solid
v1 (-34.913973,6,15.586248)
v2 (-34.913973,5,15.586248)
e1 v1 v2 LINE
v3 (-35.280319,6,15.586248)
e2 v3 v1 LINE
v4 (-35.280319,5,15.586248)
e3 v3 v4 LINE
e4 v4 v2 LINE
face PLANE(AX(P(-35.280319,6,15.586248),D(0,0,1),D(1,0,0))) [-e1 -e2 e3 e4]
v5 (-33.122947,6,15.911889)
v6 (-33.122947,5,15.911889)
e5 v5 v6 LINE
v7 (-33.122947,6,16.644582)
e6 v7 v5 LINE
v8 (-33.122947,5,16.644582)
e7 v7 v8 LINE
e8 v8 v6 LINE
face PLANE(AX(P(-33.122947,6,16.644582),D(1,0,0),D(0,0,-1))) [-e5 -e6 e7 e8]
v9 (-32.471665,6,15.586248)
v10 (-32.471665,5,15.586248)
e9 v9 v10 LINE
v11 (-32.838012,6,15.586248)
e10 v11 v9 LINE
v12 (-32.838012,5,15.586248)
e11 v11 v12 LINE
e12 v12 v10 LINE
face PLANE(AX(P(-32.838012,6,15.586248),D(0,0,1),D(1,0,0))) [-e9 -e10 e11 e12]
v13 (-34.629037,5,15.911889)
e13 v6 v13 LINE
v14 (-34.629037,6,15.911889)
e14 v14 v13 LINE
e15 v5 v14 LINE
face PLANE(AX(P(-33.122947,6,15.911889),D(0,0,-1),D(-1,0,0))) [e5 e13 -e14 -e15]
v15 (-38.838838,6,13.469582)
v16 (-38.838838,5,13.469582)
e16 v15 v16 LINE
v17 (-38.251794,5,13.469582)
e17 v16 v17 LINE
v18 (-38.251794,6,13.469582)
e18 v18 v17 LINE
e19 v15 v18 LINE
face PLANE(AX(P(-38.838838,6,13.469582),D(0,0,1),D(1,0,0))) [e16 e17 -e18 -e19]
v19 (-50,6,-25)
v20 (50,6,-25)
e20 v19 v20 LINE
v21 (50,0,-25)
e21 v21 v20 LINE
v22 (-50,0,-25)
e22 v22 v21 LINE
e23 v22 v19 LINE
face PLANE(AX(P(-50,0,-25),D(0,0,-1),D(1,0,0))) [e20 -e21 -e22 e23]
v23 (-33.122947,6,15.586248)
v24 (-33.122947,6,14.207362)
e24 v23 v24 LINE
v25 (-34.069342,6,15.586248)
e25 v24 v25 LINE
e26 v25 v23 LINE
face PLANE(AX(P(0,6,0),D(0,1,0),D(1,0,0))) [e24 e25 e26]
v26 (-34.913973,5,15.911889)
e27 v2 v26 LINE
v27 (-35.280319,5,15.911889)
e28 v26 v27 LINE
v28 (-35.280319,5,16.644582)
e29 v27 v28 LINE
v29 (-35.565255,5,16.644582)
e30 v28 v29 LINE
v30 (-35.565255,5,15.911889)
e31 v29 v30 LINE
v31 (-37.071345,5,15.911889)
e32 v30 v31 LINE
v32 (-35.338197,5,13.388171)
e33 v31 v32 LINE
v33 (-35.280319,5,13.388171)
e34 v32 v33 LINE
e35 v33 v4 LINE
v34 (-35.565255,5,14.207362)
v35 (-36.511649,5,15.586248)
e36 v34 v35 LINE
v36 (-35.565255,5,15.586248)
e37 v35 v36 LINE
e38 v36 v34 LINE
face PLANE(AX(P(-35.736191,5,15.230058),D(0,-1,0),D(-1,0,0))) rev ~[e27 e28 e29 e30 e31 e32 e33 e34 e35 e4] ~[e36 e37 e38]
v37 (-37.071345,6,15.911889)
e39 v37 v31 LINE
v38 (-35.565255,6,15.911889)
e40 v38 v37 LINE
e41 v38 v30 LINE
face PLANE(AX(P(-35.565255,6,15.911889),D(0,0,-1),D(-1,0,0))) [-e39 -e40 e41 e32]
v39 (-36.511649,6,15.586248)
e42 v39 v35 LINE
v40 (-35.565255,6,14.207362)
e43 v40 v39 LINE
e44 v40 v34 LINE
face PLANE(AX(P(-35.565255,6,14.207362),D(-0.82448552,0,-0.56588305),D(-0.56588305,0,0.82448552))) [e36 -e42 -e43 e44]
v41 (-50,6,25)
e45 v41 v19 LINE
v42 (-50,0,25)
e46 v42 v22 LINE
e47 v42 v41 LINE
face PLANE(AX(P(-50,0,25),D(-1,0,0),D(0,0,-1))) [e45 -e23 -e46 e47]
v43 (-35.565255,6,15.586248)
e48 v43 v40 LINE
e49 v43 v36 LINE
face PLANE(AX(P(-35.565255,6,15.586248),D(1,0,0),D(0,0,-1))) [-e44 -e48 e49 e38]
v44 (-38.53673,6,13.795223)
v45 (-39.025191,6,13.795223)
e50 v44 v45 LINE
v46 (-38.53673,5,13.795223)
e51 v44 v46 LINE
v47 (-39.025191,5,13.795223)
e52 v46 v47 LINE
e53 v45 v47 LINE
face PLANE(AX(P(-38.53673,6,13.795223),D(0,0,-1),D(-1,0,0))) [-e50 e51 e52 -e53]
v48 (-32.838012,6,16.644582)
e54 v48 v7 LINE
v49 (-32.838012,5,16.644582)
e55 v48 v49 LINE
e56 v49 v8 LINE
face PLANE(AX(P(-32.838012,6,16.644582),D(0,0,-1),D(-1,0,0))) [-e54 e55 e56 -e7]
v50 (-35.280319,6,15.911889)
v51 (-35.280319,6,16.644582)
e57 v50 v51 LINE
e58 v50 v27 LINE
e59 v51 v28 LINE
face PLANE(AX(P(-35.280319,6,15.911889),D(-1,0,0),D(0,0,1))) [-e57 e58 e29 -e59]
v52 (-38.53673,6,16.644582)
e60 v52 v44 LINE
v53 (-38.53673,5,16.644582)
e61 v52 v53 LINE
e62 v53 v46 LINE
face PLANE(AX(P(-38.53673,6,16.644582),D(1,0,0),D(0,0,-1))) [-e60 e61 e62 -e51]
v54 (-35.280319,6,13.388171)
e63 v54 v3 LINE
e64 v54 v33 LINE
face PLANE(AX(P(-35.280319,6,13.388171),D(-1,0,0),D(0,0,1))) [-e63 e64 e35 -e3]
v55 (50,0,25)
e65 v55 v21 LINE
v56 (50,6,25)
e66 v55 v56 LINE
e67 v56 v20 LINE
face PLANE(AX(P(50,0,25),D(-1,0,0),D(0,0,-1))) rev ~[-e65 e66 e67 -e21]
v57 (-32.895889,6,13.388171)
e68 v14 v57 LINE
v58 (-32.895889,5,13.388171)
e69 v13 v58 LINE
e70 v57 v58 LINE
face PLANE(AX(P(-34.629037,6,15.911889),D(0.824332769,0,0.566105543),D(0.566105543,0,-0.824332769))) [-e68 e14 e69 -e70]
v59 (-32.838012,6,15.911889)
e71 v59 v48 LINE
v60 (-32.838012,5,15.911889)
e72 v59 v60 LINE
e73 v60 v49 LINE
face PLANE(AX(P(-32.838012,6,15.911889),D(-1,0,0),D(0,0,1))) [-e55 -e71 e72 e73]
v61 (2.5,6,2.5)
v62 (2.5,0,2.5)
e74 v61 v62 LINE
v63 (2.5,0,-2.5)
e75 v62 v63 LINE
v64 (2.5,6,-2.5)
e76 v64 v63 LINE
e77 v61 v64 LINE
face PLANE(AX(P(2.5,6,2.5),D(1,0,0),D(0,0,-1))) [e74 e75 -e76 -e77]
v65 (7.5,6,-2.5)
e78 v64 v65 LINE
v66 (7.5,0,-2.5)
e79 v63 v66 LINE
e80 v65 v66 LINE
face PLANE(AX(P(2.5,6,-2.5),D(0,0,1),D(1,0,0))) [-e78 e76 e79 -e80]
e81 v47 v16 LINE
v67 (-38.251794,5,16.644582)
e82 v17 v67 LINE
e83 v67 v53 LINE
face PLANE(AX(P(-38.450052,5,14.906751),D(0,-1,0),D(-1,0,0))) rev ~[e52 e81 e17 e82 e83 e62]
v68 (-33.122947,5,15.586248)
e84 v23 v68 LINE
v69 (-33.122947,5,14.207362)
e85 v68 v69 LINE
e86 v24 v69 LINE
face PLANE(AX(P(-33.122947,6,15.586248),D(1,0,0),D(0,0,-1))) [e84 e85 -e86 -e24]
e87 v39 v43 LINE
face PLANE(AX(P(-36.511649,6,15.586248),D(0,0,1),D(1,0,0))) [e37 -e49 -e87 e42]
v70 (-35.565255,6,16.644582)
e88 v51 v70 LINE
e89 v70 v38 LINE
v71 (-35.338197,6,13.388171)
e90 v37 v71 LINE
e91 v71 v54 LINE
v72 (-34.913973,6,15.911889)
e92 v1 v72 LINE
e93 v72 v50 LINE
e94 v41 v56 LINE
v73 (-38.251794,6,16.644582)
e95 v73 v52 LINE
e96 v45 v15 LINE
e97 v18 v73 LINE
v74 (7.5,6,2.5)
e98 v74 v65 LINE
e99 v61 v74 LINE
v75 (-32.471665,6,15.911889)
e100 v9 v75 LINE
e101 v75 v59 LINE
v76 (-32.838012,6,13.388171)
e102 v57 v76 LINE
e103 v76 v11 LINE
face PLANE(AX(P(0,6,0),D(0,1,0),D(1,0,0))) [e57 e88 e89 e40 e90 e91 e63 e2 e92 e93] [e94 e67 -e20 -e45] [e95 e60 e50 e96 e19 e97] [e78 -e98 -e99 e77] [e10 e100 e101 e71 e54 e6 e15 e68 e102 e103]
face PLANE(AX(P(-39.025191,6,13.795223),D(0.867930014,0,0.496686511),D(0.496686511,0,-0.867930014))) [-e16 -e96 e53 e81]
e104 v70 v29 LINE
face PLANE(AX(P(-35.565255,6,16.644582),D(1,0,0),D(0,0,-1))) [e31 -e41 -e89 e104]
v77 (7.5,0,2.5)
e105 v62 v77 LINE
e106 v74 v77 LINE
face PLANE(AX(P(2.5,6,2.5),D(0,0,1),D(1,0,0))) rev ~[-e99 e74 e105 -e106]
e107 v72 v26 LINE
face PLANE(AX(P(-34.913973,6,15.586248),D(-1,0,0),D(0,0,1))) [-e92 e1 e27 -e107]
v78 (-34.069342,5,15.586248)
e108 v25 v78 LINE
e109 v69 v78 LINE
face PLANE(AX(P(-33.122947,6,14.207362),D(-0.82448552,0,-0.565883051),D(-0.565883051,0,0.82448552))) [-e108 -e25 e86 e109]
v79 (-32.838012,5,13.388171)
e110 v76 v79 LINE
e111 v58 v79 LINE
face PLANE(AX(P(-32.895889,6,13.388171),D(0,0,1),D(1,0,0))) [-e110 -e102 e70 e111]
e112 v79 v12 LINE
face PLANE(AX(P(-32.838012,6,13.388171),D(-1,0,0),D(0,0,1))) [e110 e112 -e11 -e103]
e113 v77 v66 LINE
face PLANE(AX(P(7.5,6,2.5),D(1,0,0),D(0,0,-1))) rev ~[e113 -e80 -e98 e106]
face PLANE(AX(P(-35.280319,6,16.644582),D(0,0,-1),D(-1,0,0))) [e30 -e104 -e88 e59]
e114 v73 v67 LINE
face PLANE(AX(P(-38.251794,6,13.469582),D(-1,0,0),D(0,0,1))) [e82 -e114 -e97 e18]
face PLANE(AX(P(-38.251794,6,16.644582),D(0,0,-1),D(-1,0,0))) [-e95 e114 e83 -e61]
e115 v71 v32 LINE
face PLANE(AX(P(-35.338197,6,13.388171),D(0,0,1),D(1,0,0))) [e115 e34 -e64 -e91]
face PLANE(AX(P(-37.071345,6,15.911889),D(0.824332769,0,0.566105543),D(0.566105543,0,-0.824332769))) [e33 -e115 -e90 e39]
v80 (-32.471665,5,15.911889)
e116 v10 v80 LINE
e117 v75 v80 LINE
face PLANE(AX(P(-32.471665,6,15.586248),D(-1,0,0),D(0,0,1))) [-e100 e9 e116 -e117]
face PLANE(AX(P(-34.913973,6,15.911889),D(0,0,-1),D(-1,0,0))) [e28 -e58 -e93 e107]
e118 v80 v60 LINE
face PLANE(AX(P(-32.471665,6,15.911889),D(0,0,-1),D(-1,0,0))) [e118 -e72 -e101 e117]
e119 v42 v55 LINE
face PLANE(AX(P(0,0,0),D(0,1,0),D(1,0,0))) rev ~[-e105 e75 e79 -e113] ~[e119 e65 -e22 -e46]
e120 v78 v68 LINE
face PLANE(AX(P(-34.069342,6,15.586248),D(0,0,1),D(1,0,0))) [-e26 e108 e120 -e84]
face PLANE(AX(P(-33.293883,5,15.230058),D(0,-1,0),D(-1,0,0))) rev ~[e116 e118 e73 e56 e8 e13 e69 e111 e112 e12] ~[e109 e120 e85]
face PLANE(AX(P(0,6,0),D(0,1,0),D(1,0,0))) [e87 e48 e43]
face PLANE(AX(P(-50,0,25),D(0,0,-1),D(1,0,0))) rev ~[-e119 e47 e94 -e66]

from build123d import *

# Parameters (mm, degrees)
SKETCH1_W           = 100
SKETCH1_H           = 50
BOSS_EXTRUDE1_DEPTH = 6
SKETCH2_W           = 5
SKETCH2_H           = 5
CUT_EXTRUDE1_DEPTH  = 6
CUT_EXTRUDE2_DEPTH  = 1


with BuildPart() as part:
    # Sketch1 → Boss-Extrude1 (new body)
    with BuildSketch(Plane(origin=(0, 0, 0), x_dir=(1, 0, 0), z_dir=(0, 1, 0))):
        Rectangle(SKETCH1_W, SKETCH1_H)
    extrude(amount=BOSS_EXTRUDE1_DEPTH)

    # Sketch2 → Cut-Extrude1 (cut)
    with BuildSketch(Plane(origin=(0, 6, 0), x_dir=(1, 0, 0), z_dir=(0, 1, 0))):
        with Locations((5, 0)):
            Rectangle(SKETCH2_W, SKETCH2_H)
    extrude(amount=-CUT_EXTRUDE1_DEPTH, mode=Mode.SUBTRACT)

    # Sketch3 → Cut-Extrude2 (cut)
    # profile 1 of 3: a face of its own
    with BuildSketch(Plane(origin=(0, 6, 0), x_dir=(1, 0, 0), z_dir=(0, 1, 0))):
        Polygon((-38.838837881, -13.469581545), (-38.25179361, -13.469581545), (-38.25179361, -16.644581545), (-38.536729508, -16.644581545), (-38.536729508, -13.795222571), (-39.025191046, -13.795222571), align=None)
    # profile 2 of 3: a face of its own
    with BuildSketch(Plane(origin=(0, 6, 0), x_dir=(1, 0, 0), z_dir=(0, 1, 0))):
        Polygon((-35.338196855, -13.388171289), (-35.280319251, -13.388171289), (-35.280319251, -15.586248212), (-34.913973097, -15.586248212), (-34.913973097, -15.911889237), (-35.280319251, -15.911889237), (-35.280319251, -16.644581545), (-35.565255149, -16.644581545), (-35.565255149, -15.911889237), (-37.071344892, -15.911889237), align=None)
        Polygon((-35.565255149, -15.586248212), (-35.565255149, -14.207361994), (-36.511649379, -15.586248212), align=None, mode=Mode.SUBTRACT)
    # profile 3 of 3: a face of its own
    with BuildSketch(Plane(origin=(0, 6, 0), x_dir=(1, 0, 0), z_dir=(0, 1, 0))):
        Polygon((-32.895889163, -13.388171289), (-32.838011559, -13.388171289), (-32.838011559, -15.586248212), (-32.471665405, -15.586248212), (-32.471665405, -15.911889237), (-32.838011559, -15.911889237), (-32.838011559, -16.644581545), (-33.122947456, -16.644581545), (-33.122947456, -15.911889237), (-34.6290372, -15.911889237), align=None)
        Polygon((-33.122947456, -15.586248212), (-33.122947456, -14.207361994), (-34.069341687, -15.586248212), align=None, mode=Mode.SUBTRACT)
    extrude(amount=-CUT_EXTRUDE2_DEPTH, mode=Mode.SUBTRACT)


solid = part.part
